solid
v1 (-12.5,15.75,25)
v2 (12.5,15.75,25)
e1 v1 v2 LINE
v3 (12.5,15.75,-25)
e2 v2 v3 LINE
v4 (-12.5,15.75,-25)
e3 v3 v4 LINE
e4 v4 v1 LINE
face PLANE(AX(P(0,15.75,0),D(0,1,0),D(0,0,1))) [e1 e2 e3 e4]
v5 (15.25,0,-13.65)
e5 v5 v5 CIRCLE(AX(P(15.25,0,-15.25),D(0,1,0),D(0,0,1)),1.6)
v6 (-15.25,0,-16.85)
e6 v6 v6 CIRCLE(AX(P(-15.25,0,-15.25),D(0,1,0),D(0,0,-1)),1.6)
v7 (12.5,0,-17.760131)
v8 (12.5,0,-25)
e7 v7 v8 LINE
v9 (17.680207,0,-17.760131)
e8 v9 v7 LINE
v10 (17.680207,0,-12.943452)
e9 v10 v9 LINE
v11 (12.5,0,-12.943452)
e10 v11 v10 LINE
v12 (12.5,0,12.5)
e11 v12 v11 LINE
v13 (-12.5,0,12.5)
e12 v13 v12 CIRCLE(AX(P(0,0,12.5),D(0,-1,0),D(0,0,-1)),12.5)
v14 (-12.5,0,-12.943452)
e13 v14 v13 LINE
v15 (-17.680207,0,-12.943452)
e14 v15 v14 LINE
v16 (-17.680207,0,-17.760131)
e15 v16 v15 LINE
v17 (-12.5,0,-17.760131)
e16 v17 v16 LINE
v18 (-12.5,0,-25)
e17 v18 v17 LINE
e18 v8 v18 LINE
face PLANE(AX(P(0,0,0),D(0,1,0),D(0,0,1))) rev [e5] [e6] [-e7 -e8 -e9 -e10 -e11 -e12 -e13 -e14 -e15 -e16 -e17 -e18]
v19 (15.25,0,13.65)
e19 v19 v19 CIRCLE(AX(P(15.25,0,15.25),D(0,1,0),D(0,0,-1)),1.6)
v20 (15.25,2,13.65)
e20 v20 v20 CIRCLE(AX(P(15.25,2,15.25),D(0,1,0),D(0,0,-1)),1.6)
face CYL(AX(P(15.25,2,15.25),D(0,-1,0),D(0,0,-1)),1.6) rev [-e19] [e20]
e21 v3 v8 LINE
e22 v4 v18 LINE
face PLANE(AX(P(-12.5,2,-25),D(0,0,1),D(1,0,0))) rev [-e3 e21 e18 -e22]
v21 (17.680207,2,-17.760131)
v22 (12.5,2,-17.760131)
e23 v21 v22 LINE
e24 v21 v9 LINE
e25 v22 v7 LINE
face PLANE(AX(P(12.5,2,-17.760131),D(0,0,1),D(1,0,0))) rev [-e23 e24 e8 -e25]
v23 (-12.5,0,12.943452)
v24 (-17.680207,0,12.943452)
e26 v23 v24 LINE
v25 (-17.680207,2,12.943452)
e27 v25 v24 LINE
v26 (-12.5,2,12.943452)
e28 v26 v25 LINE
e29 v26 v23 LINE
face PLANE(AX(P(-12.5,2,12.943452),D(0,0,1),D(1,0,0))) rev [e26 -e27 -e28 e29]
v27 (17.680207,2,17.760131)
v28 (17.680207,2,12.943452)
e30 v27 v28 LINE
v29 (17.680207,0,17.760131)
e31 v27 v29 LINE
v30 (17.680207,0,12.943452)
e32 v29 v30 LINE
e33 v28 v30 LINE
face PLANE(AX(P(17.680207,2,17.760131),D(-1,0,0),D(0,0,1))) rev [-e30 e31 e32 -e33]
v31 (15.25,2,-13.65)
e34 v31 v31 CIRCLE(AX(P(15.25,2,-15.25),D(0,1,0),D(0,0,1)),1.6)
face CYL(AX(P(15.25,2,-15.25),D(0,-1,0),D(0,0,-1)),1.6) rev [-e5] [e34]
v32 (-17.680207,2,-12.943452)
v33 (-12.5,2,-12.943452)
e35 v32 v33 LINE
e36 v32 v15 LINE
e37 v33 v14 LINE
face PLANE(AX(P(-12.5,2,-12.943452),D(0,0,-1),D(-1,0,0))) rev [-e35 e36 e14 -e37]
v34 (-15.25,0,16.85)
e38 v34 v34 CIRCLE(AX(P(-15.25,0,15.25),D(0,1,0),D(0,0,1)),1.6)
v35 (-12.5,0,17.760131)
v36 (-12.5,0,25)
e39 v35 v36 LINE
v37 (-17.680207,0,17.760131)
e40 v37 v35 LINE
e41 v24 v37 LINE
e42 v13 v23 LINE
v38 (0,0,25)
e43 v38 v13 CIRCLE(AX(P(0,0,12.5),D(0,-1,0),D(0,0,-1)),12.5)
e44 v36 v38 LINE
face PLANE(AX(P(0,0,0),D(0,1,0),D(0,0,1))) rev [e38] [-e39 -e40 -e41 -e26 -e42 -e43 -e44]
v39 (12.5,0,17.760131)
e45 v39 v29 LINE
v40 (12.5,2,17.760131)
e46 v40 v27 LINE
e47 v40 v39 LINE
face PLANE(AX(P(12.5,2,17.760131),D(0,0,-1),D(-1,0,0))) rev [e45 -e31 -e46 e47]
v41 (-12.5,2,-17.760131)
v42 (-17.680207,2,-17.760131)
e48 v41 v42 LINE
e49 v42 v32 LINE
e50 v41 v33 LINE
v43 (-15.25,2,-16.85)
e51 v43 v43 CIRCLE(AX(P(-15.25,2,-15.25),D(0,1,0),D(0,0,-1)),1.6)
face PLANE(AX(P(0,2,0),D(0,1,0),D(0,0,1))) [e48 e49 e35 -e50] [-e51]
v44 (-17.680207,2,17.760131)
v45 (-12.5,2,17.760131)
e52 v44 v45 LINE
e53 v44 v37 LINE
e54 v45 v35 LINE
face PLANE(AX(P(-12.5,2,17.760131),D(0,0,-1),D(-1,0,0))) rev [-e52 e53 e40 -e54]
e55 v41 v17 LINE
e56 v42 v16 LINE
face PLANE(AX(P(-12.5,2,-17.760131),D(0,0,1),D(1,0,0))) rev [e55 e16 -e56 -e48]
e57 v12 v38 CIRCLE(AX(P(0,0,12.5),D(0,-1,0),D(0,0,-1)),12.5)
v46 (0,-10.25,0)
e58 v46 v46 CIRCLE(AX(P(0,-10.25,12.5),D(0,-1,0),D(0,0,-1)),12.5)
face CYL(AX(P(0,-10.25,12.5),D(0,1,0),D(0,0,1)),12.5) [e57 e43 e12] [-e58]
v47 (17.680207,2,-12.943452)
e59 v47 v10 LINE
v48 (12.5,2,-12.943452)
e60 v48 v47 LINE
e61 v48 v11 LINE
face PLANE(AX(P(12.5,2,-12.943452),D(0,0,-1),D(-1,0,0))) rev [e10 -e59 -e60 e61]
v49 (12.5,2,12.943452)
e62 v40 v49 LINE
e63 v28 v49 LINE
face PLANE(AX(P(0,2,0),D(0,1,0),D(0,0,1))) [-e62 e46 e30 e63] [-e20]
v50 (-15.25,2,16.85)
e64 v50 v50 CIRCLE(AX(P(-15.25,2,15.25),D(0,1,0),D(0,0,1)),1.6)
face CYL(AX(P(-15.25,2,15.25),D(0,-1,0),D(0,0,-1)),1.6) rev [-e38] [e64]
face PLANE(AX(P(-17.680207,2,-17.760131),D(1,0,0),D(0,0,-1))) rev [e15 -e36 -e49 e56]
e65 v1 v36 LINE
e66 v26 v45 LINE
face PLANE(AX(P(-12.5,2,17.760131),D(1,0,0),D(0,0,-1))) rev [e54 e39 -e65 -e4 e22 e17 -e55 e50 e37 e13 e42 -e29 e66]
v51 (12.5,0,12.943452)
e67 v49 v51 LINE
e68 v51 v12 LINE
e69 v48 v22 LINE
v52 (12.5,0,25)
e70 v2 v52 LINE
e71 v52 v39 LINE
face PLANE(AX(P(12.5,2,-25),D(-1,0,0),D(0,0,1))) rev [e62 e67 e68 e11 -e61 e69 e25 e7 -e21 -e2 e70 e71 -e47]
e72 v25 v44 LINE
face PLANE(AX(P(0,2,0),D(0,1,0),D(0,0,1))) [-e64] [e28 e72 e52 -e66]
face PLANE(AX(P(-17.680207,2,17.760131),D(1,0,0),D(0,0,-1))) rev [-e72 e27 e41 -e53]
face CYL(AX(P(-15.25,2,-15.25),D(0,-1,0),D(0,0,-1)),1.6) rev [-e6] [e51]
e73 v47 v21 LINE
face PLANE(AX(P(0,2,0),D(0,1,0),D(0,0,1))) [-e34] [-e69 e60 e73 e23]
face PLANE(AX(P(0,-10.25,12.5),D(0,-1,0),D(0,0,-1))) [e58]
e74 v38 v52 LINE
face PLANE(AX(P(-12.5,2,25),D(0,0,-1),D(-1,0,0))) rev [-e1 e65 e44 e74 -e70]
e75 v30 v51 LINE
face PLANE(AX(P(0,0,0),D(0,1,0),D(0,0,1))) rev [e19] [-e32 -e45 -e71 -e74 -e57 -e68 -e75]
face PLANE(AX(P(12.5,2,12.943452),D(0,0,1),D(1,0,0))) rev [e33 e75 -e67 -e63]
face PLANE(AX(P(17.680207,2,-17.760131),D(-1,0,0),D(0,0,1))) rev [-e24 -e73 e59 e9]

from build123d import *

# Parameters (mm, degrees)
SKETCH_1_R      = 1.6
EXTRUDE_1_DEPTH = 2
SKETCH_2_W      = 25
SKETCH_2_H      = 50
EXTRUDE_2_DEPTH = 13.75
SKETCH_3_R      = 12.5
EXTRUDE_3_DEPTH = 10.25


with BuildPart() as part:
    # 草图1 → 凸台-拉伸1 (new body)
    with BuildSketch(Plane(origin=(0, 0, 0), x_dir=(1, 0, 0), z_dir=(0, 1, 0))):
        Polygon((-12.5, 25), (12.5, 25), (12.5, 17.760130657), (17.680206778, 17.760130657), (17.680206778, 12.943452398), (12.5, 12.943452398), (12.5, -12.943452398), (17.680206778, -12.943452398), (17.680206778, -17.760130657), (12.5, -17.760130657), (12.5, -25), (-12.5, -25), (-12.5, -17.760130657), (-17.680206778, -17.760130657), (-17.680206778, -12.943452398), (-12.5, -12.943452398), (-12.5, 12.943452398), (-17.680206778, 12.943452398), (-17.680206778, 17.760130657), (-12.5, 17.760130657), align=None)
        with Locations(Location((15.25, 15.25, 0), (0, 0, 270))):
            Circle(SKETCH_1_R, mode=Mode.SUBTRACT)
        with Locations(Location((-15.25, 15.25, 0), (0, 0, 90))):
            Circle(SKETCH_1_R, mode=Mode.SUBTRACT)
        with Locations(Location((15.25, -15.25, 0), (0, 0, 90))):
            Circle(SKETCH_1_R, mode=Mode.SUBTRACT)
        with Locations(Location((-15.25, -15.25, 0), (0, 0, 270))):
            Circle(SKETCH_1_R, mode=Mode.SUBTRACT)
    extrude(amount=EXTRUDE_1_DEPTH)

    # 草图2 → 凸台-拉伸2 (add)
    with BuildSketch(Plane(origin=(0, 2, 0), x_dir=(1, 0, 0), z_dir=(0, 1, 0))):
        Rectangle(SKETCH_2_W, SKETCH_2_H)
    extrude(amount=EXTRUDE_2_DEPTH)

    # 草图3 → 凸台-拉伸3 (add)
    with BuildSketch(Plane.XZ):
        with Locations(Location((0, 12.5, 0), (0, 0, 90))):
            Circle(SKETCH_3_R)
    extrude(amount=EXTRUDE_3_DEPTH)


solid = part.part
